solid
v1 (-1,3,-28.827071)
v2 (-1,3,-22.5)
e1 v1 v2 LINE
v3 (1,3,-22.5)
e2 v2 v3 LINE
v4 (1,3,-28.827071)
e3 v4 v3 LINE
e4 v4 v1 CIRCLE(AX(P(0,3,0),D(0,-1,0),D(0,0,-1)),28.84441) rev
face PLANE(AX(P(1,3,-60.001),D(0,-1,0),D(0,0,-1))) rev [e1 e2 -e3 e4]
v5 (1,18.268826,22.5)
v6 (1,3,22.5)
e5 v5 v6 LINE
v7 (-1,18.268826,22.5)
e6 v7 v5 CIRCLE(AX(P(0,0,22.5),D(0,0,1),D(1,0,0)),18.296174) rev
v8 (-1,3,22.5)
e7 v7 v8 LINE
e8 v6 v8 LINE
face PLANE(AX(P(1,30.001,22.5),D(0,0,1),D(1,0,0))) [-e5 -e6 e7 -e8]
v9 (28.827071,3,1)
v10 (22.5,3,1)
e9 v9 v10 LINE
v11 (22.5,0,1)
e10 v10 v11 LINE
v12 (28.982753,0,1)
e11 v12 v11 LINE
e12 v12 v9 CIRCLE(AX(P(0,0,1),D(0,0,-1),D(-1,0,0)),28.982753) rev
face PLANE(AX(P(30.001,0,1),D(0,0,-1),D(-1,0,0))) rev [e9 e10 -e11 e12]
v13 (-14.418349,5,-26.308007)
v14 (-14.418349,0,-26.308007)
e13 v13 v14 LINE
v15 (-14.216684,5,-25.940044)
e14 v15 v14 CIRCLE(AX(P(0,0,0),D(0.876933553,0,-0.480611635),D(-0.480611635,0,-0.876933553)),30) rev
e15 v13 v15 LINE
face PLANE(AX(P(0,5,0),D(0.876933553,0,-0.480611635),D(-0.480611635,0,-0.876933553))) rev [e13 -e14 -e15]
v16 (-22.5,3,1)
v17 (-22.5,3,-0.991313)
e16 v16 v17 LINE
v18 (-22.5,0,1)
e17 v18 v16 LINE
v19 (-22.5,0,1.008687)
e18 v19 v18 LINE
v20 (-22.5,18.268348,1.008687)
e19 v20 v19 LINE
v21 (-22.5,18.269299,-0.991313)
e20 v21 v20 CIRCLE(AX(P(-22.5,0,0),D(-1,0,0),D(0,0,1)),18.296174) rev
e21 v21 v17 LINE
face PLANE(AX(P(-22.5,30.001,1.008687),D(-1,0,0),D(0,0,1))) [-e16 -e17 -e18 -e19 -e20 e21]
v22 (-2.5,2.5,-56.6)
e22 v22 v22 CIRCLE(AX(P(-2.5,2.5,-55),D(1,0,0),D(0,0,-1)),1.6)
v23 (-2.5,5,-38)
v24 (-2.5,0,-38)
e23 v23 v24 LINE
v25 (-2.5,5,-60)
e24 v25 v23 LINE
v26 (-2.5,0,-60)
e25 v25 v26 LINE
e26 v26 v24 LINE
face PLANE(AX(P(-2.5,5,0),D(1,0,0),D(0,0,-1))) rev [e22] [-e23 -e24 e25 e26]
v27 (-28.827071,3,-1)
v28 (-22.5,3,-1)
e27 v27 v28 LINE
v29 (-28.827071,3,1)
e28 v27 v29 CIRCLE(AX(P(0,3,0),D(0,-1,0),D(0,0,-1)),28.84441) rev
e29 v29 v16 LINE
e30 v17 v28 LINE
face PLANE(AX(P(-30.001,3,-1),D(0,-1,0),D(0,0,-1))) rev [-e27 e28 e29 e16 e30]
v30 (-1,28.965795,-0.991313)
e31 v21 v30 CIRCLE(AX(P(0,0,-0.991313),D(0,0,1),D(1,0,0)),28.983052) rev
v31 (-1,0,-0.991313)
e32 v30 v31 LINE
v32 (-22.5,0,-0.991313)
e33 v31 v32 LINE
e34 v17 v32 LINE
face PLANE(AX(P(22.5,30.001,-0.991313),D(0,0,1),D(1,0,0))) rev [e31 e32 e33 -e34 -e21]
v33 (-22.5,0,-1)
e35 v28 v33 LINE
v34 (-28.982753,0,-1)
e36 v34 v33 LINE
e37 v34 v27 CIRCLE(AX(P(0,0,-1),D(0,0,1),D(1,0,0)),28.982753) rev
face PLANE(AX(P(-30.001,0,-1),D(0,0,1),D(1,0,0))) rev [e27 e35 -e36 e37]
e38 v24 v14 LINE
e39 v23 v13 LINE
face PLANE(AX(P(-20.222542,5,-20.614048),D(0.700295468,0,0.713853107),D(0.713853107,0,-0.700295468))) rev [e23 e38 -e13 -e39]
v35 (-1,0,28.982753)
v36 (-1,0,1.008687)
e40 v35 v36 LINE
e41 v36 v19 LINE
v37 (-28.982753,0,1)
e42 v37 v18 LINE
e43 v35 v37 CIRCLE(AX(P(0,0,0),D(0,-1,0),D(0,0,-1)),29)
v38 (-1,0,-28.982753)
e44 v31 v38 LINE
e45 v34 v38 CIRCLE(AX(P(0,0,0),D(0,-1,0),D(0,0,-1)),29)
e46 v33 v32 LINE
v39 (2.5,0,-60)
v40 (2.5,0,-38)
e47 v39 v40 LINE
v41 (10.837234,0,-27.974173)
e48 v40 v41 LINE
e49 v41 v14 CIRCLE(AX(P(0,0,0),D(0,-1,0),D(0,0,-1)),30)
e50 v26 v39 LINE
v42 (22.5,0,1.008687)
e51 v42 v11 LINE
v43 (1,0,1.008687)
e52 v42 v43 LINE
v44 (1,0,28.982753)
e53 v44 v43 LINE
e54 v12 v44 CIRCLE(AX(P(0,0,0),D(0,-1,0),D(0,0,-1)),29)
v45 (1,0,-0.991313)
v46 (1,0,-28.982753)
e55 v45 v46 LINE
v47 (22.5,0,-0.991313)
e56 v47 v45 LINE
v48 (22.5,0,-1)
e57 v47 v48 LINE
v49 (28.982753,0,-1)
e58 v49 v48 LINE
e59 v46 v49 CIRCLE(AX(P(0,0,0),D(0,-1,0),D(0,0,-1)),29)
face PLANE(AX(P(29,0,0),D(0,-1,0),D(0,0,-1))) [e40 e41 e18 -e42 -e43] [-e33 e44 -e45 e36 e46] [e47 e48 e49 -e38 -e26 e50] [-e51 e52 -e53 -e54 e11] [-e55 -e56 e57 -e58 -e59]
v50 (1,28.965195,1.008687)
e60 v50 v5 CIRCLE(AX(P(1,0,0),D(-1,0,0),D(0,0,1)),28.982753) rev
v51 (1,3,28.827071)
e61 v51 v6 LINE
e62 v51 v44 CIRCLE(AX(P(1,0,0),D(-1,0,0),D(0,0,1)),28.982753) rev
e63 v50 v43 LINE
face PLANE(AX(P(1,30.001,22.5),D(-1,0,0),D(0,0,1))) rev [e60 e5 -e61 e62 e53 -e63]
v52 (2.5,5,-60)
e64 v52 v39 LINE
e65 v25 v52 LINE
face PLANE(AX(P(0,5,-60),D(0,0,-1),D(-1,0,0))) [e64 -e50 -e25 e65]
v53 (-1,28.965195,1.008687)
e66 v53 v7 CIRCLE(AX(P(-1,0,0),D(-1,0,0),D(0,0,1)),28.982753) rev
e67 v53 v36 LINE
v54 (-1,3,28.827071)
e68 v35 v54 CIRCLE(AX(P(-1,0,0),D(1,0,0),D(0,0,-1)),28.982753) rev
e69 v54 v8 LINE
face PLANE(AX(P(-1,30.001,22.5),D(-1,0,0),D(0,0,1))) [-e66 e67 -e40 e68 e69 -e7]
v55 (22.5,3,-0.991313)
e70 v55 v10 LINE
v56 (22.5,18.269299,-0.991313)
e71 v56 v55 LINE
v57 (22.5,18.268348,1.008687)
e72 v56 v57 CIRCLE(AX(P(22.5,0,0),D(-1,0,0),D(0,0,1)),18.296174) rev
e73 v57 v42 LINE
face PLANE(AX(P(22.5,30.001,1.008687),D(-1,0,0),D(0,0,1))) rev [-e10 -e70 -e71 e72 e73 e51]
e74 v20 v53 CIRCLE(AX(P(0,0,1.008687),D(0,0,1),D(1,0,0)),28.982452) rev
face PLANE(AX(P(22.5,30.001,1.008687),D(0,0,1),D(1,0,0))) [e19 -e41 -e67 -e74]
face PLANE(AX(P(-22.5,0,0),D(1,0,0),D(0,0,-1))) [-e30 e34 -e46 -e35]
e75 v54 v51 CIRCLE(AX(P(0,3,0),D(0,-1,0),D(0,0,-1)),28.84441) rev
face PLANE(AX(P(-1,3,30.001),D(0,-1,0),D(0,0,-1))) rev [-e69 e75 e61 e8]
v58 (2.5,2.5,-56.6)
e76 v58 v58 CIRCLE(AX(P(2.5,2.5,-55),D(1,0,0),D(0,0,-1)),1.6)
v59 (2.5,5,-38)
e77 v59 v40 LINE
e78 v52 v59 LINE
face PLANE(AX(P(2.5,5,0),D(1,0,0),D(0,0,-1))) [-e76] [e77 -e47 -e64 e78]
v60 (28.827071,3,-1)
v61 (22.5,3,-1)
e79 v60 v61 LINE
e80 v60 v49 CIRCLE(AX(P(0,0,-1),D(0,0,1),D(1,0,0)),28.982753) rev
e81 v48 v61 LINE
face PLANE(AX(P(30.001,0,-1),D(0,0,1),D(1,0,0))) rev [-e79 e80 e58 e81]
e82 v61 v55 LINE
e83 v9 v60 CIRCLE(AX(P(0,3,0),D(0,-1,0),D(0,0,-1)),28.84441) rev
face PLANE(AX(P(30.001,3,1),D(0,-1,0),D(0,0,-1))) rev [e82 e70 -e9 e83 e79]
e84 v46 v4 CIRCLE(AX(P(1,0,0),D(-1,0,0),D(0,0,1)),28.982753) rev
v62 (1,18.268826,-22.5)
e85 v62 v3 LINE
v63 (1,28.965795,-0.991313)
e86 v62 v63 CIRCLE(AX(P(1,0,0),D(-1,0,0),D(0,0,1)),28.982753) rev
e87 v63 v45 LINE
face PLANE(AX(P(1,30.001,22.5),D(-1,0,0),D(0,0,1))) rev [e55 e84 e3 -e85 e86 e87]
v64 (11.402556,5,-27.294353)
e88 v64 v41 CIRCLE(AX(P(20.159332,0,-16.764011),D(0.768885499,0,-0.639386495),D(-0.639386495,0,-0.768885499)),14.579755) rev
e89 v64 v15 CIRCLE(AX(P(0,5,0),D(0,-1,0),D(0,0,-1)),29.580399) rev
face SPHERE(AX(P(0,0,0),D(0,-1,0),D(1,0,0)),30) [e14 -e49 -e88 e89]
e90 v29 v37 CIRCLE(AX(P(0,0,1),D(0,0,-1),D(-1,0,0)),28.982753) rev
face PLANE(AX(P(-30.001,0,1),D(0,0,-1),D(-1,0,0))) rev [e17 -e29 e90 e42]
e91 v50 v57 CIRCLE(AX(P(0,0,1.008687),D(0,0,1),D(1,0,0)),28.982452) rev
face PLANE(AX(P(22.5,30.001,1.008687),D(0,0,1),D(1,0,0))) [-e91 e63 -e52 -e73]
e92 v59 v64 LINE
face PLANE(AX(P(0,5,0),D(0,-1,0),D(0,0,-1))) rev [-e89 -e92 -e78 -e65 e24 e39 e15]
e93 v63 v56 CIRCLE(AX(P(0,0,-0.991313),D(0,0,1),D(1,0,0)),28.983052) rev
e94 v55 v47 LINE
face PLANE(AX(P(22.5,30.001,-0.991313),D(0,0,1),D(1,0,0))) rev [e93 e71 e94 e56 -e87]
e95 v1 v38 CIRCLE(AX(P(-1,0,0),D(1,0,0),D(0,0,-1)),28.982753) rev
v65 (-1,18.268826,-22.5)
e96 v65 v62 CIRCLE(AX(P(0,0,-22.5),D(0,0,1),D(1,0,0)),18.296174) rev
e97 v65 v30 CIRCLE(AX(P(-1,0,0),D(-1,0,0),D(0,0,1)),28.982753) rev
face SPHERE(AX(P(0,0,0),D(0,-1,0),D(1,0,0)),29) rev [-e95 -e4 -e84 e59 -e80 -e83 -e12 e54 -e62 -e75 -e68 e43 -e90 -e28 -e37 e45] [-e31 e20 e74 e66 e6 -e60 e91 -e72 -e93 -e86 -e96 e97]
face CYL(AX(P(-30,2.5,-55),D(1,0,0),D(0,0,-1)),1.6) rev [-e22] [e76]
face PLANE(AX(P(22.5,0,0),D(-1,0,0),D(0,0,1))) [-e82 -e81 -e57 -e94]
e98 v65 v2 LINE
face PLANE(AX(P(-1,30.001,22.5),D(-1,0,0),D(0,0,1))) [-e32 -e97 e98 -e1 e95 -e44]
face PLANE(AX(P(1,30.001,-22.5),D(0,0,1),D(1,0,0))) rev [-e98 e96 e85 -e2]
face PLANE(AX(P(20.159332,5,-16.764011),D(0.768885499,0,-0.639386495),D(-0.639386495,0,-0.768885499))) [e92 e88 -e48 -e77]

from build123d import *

# Parameters (mm, degrees)
BOSS_EXTRUDE1_DEPTH      = 5
SKETCH4_R                = 1.6
CUT_EXTRUDE1_DEPTH       = 75.540257579
BOSS_EXTRUDE2_REACH      = 75.485
BOSS_EXTRUDE2_END_RADIUS = 29
SKETCH5_W                = 2
SKETCH5_H                = 45
SKETCH5_W_2              = 45
SKETCH5_H_2              = 2
BOSS_EXTRUDE3_REACH      = 69.5
BOSS_EXTRUDE3_END_RADIUS = 29
SKETCH7_W                = 2
SKETCH7_H                = 3
CIRPATTERN1_COUNT        = 4


with BuildPart() as part:
    # Sketch2 → Revolve1 (revolve)
    with BuildSketch(Plane.XY):
        with BuildLine():
            Line((0, 29), (0, 30))
            ThreePointArc((0, 30), (21.213203436, 21.213203436), (30, 0))
            Line((30, 0), (29, 0))
            ThreePointArc((29, 0), (20.506096654, 20.506096654), (0, 29))
        make_face()
    revolve(axis=Axis((0, 0, 0), (0, 1, 0)))

    # Sketch3 → Boss-Extrude1 (add)
    with BuildSketch(Plane.XZ):
        with BuildLine():
            Line((-2.5, -38), (-2.5, -60))
            Line((-2.5, -60), (2.5, -60))
            Line((2.5, -60), (2.5, -38))
            Line((2.5, -38), (12.22277757, -26.308006594))
            Line((12.22277757, -26.308006594), (12.219091313, -26.300072385))
            ThreePointArc((12.219091313, -26.300072385), (-0.967100454, -29.109666297), (-13.937737405, -25.431073041))
            Line((-13.937737405, -25.431073041), (-14.41834904, -26.308006594))
            Line((-14.41834904, -26.308006594), (-2.5, -38))
        make_face()
    extrude(amount=-BOSS_EXTRUDE1_DEPTH)

    # Sketch4 → Cut-Extrude1 (cut, through all)
    with BuildSketch(Plane(origin=(2.5, 0, 0), x_dir=(0, 0, -1), z_dir=(1, 0, 0))):
        with Locations((55, 2.5)):
            Circle(SKETCH4_R)
    extrude(amount=-CUT_EXTRUDE1_DEPTH, mode=Mode.SUBTRACT)

    # Boss-Extrude2: up to this sphere (the profile starts inside it)
    boss_extrude2_end = Location((0, 0, 0)) * Sphere(BOSS_EXTRUDE2_END_RADIUS, mode=Mode.PRIVATE)
    # Sketch5 → Boss-Extrude2 (add, up to the surface)
    with BuildSketch(Plane(origin=(0, 0, 0), x_dir=(1, 0, 0), z_dir=(0, 1, 0)), mode=Mode.PRIVATE) as boss_extrude2_sk1:
        Rectangle(SKETCH5_W, SKETCH5_H)
    boss_extrude2_tool1 = extrude(boss_extrude2_sk1.sketch, amount=BOSS_EXTRUDE2_REACH, mode=Mode.PRIVATE) & boss_extrude2_end
    add(boss_extrude2_tool1.solids().sort_by_distance((0, 0, 0))[0])
    # Sketch5 → Boss-Extrude2 (add, up to the surface)
    with BuildSketch(Plane(origin=(0, 0, 0), x_dir=(1, 0, 0), z_dir=(0, 1, 0)), mode=Mode.PRIVATE) as boss_extrude2_sk2:
        with Locations((0, -0.008687273)):
            Rectangle(SKETCH5_W_2, SKETCH5_H_2)
    boss_extrude2_tool2 = extrude(boss_extrude2_sk2.sketch, amount=BOSS_EXTRUDE2_REACH, mode=Mode.PRIVATE) & boss_extrude2_end
    add(boss_extrude2_tool2.solids().sort_by_distance((0, 0, 0.008687))[0])

    # Boss-Extrude3: up to this sphere (the profile starts inside it)
    boss_extrude3_end = Location((0, 0, 0)) * Sphere(BOSS_EXTRUDE3_END_RADIUS, mode=Mode.PRIVATE)
    # Sketch7 → Boss-Extrude3 (add, up to the surface)
    with BuildSketch(Plane(origin=(0, 0, -22.5), x_dir=(-1, 0, 0), z_dir=(0, 0, -1)), mode=Mode.PRIVATE) as boss_extrude3_sk1:
        with Locations((0, 1.5)):
            Rectangle(SKETCH7_W, SKETCH7_H)
    boss_extrude3_tool1 = extrude(boss_extrude3_sk1.sketch, amount=BOSS_EXTRUDE3_REACH, mode=Mode.PRIVATE) & boss_extrude3_end
    boss_extrude3 = boss_extrude3_tool1.solids().sort_by_distance((0, 1.5, -22.5))[0]
    add(boss_extrude3)

    # CirPattern1: Boss-Extrude3 ×4 about axis
    cirpattern1_axis = Axis((0, 0, 0), (0, -1, 0))
    for i in range(1, CIRPATTERN1_COUNT):
        add(boss_extrude3.rotate(cirpattern1_axis, i * 360 / CIRPATTERN1_COUNT))


solid = part.part
